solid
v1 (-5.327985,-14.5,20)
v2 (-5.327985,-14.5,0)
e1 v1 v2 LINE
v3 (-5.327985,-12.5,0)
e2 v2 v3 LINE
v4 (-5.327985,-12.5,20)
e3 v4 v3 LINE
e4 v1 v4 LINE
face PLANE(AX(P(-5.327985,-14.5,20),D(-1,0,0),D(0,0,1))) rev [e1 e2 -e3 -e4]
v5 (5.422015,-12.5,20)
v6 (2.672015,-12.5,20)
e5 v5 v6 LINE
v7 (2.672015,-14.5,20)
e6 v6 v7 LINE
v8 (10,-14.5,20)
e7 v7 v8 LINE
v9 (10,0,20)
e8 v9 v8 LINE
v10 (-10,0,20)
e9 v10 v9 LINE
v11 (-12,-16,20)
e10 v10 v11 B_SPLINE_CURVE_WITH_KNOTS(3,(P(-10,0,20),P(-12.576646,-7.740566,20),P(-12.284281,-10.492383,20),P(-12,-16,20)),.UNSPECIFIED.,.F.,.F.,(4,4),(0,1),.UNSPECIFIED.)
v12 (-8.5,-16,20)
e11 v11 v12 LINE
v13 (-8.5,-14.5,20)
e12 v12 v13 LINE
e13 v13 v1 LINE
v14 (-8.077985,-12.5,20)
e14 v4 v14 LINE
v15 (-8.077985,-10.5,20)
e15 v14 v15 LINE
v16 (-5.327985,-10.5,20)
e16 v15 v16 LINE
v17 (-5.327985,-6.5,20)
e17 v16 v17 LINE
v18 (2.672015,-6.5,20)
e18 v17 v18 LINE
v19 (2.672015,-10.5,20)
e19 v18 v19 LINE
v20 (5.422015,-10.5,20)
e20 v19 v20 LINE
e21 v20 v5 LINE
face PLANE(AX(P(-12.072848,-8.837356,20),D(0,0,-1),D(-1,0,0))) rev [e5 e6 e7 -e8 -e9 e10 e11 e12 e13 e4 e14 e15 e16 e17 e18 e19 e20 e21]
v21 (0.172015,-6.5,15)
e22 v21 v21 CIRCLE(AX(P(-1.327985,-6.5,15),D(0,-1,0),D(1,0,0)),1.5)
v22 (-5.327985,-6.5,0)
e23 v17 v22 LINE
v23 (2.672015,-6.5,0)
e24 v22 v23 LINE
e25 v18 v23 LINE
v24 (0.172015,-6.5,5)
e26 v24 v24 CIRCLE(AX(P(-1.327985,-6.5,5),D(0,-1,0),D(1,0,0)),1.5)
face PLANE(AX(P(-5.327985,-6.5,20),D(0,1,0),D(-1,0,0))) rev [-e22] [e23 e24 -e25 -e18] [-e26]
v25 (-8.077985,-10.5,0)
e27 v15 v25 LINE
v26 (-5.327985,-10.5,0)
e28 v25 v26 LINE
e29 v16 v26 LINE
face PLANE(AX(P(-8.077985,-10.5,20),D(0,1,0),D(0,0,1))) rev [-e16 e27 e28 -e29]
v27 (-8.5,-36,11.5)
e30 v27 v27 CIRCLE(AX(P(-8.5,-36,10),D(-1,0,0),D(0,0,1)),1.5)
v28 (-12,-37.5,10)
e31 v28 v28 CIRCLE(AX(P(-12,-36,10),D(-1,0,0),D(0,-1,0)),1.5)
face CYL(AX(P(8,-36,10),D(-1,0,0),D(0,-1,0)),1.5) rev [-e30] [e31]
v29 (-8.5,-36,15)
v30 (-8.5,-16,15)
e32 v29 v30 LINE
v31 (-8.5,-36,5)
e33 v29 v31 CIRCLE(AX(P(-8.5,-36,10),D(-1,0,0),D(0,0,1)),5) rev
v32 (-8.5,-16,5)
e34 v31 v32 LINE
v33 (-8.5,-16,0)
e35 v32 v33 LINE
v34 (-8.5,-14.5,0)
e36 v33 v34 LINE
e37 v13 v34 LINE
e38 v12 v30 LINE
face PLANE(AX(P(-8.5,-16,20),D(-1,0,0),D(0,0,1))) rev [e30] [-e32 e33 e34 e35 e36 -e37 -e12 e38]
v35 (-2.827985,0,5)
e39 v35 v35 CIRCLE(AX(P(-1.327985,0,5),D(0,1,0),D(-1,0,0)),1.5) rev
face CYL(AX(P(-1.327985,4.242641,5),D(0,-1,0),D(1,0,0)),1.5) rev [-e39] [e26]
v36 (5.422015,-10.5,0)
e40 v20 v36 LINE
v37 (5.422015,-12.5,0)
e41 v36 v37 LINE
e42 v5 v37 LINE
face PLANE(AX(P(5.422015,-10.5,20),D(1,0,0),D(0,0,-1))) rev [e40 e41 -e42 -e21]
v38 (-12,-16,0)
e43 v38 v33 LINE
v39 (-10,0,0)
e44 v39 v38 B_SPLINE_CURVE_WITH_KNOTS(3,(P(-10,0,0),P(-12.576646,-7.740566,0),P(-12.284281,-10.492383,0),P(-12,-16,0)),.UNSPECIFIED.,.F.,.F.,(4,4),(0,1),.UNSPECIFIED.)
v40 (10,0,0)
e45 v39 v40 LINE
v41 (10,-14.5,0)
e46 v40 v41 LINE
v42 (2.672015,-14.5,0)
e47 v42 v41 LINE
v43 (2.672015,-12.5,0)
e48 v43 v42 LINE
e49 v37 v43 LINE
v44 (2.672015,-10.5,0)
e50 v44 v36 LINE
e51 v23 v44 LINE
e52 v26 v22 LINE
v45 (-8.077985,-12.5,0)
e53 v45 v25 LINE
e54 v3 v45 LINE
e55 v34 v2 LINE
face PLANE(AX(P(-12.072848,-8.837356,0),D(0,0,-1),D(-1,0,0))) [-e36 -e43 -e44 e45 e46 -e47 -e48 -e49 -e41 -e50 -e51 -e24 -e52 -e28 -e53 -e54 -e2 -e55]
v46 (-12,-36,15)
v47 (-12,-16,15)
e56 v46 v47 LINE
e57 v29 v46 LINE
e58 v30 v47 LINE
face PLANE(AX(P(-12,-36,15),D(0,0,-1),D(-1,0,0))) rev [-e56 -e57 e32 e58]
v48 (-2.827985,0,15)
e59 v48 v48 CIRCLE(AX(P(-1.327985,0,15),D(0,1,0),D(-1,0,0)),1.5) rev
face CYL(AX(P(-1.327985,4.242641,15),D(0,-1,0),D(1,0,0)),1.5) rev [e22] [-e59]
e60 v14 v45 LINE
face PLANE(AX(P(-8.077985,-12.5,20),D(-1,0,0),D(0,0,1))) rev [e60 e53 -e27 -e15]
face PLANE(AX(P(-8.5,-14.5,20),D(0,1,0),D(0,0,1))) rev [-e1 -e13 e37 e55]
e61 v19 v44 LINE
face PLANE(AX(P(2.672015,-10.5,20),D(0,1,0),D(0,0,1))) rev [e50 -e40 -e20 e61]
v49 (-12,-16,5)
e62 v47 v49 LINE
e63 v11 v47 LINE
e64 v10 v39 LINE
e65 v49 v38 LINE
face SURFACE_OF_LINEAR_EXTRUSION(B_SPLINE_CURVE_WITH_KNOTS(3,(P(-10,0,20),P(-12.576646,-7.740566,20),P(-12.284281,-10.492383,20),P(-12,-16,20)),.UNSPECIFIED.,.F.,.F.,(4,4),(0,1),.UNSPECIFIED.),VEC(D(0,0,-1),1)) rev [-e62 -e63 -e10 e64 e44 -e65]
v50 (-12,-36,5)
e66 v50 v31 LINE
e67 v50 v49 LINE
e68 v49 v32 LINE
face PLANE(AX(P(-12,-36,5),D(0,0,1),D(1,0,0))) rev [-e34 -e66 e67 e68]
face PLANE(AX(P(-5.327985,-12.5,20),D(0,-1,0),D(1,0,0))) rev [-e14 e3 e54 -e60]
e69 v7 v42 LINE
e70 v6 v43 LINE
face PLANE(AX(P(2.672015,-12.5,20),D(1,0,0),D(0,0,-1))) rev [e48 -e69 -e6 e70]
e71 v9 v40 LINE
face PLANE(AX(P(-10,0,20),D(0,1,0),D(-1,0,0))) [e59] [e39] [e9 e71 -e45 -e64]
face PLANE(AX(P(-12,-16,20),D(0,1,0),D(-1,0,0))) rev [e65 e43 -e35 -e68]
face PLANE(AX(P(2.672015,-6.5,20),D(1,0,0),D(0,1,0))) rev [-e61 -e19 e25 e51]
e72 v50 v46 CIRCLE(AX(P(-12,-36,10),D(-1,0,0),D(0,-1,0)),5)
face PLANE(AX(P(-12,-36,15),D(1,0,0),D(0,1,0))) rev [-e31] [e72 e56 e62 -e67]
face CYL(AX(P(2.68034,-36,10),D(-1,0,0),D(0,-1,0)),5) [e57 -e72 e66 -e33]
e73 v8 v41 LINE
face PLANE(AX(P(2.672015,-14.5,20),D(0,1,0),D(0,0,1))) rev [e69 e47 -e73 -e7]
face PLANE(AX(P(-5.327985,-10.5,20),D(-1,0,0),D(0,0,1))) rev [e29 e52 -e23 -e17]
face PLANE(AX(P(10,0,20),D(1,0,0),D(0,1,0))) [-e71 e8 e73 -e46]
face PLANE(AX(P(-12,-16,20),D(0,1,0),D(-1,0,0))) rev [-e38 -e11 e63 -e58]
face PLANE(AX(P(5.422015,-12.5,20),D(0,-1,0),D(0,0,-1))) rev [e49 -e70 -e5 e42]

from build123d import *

# Parameters (mm, degrees)
BOSS_EXTRUDE1_DEPTH = 20
SKETCH2_R           = 1.5
CUT_EXTRUDE1_DEPTH  = 6.5
SKETCH4_W           = 3.5
SKETCH4_H           = 10
BOSS_EXTRUDE2_DEPTH = 20
BOSS_EXTRUDE3_DEPTH = 3.5
SKETCH6_R           = 1.5
CUT_EXTRUDE2_DEPTH  = 20


with BuildPart() as part:
    # Sketch1 → Boss-Extrude1 (new body)
    with BuildSketch(Plane.XY):
        with BuildLine():
            Line((-10, 0), (10, 0))
            Line((10, 0), (10, -14.5))
            Line((10, -14.5), (2.672015421, -14.5))
            Line((2.672015421, -14.5), (2.672015421, -12.5))
            Line((2.672015421, -12.5), (5.422015421, -12.5))
            Line((5.422015421, -12.5), (5.422015421, -10.5))
            Line((5.422015421, -10.5), (2.672015421, -10.5))
            Line((2.672015421, -10.5), (2.672015421, -6.5))
            Line((2.672015421, -6.5), (-5.327984579, -6.5))
            Line((-5.327984579, -6.5), (-5.327984579, -10.5))
            Line((-5.327984579, -10.5), (-8.077984579, -10.5))
            Line((-8.077984579, -10.5), (-8.077984579, -12.5))
            Line((-8.077984579, -12.5), (-5.327984579, -12.5))
            Line((-5.327984579, -12.5), (-5.327984579, -14.5))
            Line((-5.327984579, -14.5), (-8.5, -14.5))
            Line((-8.5, -14.5), (-8.5, -16))
            Line((-8.5, -16), (-12, -16))
            add(Edge.make_bspline(
                [(-10, 0), (-12.576646285, -7.740566288), (-12.284280687, -10.492382976), (-12, -16)],
                knots=[0, 0, 0, 0, 1, 1, 1, 1], degree=3))
        make_face()
    extrude(amount=BOSS_EXTRUDE1_DEPTH)

    # Sketch2 → Cut-Extrude1 (cut)
    with BuildSketch(Plane.XZ.offset(6.5)):
        with Locations((-1.327984579, 15)):
            Circle(SKETCH2_R)
        with Locations((-1.327984579, 5)):
            Circle(SKETCH2_R)
    extrude(amount=-CUT_EXTRUDE1_DEPTH, mode=Mode.SUBTRACT)

    # Sketch4 → Boss-Extrude2 (add)
    with BuildSketch(Plane.XZ.offset(16)):
        with Locations((-10.25, 10)):
            Rectangle(SKETCH4_W, SKETCH4_H)
    extrude(amount=BOSS_EXTRUDE2_DEPTH)

    # Sketch5 → Boss-Extrude3 (add)
    with BuildSketch(Plane.ZY.offset(12)):
        with BuildLine():
            Line((5, -36), (15, -36))
            ThreePointArc((15, -36), (10, -41), (5, -36))
        make_face()
    extrude(amount=-BOSS_EXTRUDE3_DEPTH)

    # Sketch6 → Cut-Extrude2 (cut)
    with BuildSketch(Plane.ZY.offset(12)):
        with Locations((10, -36)):
            Circle(SKETCH6_R)
    extrude(amount=-CUT_EXTRUDE2_DEPTH, mode=Mode.SUBTRACT)


solid = part.part
